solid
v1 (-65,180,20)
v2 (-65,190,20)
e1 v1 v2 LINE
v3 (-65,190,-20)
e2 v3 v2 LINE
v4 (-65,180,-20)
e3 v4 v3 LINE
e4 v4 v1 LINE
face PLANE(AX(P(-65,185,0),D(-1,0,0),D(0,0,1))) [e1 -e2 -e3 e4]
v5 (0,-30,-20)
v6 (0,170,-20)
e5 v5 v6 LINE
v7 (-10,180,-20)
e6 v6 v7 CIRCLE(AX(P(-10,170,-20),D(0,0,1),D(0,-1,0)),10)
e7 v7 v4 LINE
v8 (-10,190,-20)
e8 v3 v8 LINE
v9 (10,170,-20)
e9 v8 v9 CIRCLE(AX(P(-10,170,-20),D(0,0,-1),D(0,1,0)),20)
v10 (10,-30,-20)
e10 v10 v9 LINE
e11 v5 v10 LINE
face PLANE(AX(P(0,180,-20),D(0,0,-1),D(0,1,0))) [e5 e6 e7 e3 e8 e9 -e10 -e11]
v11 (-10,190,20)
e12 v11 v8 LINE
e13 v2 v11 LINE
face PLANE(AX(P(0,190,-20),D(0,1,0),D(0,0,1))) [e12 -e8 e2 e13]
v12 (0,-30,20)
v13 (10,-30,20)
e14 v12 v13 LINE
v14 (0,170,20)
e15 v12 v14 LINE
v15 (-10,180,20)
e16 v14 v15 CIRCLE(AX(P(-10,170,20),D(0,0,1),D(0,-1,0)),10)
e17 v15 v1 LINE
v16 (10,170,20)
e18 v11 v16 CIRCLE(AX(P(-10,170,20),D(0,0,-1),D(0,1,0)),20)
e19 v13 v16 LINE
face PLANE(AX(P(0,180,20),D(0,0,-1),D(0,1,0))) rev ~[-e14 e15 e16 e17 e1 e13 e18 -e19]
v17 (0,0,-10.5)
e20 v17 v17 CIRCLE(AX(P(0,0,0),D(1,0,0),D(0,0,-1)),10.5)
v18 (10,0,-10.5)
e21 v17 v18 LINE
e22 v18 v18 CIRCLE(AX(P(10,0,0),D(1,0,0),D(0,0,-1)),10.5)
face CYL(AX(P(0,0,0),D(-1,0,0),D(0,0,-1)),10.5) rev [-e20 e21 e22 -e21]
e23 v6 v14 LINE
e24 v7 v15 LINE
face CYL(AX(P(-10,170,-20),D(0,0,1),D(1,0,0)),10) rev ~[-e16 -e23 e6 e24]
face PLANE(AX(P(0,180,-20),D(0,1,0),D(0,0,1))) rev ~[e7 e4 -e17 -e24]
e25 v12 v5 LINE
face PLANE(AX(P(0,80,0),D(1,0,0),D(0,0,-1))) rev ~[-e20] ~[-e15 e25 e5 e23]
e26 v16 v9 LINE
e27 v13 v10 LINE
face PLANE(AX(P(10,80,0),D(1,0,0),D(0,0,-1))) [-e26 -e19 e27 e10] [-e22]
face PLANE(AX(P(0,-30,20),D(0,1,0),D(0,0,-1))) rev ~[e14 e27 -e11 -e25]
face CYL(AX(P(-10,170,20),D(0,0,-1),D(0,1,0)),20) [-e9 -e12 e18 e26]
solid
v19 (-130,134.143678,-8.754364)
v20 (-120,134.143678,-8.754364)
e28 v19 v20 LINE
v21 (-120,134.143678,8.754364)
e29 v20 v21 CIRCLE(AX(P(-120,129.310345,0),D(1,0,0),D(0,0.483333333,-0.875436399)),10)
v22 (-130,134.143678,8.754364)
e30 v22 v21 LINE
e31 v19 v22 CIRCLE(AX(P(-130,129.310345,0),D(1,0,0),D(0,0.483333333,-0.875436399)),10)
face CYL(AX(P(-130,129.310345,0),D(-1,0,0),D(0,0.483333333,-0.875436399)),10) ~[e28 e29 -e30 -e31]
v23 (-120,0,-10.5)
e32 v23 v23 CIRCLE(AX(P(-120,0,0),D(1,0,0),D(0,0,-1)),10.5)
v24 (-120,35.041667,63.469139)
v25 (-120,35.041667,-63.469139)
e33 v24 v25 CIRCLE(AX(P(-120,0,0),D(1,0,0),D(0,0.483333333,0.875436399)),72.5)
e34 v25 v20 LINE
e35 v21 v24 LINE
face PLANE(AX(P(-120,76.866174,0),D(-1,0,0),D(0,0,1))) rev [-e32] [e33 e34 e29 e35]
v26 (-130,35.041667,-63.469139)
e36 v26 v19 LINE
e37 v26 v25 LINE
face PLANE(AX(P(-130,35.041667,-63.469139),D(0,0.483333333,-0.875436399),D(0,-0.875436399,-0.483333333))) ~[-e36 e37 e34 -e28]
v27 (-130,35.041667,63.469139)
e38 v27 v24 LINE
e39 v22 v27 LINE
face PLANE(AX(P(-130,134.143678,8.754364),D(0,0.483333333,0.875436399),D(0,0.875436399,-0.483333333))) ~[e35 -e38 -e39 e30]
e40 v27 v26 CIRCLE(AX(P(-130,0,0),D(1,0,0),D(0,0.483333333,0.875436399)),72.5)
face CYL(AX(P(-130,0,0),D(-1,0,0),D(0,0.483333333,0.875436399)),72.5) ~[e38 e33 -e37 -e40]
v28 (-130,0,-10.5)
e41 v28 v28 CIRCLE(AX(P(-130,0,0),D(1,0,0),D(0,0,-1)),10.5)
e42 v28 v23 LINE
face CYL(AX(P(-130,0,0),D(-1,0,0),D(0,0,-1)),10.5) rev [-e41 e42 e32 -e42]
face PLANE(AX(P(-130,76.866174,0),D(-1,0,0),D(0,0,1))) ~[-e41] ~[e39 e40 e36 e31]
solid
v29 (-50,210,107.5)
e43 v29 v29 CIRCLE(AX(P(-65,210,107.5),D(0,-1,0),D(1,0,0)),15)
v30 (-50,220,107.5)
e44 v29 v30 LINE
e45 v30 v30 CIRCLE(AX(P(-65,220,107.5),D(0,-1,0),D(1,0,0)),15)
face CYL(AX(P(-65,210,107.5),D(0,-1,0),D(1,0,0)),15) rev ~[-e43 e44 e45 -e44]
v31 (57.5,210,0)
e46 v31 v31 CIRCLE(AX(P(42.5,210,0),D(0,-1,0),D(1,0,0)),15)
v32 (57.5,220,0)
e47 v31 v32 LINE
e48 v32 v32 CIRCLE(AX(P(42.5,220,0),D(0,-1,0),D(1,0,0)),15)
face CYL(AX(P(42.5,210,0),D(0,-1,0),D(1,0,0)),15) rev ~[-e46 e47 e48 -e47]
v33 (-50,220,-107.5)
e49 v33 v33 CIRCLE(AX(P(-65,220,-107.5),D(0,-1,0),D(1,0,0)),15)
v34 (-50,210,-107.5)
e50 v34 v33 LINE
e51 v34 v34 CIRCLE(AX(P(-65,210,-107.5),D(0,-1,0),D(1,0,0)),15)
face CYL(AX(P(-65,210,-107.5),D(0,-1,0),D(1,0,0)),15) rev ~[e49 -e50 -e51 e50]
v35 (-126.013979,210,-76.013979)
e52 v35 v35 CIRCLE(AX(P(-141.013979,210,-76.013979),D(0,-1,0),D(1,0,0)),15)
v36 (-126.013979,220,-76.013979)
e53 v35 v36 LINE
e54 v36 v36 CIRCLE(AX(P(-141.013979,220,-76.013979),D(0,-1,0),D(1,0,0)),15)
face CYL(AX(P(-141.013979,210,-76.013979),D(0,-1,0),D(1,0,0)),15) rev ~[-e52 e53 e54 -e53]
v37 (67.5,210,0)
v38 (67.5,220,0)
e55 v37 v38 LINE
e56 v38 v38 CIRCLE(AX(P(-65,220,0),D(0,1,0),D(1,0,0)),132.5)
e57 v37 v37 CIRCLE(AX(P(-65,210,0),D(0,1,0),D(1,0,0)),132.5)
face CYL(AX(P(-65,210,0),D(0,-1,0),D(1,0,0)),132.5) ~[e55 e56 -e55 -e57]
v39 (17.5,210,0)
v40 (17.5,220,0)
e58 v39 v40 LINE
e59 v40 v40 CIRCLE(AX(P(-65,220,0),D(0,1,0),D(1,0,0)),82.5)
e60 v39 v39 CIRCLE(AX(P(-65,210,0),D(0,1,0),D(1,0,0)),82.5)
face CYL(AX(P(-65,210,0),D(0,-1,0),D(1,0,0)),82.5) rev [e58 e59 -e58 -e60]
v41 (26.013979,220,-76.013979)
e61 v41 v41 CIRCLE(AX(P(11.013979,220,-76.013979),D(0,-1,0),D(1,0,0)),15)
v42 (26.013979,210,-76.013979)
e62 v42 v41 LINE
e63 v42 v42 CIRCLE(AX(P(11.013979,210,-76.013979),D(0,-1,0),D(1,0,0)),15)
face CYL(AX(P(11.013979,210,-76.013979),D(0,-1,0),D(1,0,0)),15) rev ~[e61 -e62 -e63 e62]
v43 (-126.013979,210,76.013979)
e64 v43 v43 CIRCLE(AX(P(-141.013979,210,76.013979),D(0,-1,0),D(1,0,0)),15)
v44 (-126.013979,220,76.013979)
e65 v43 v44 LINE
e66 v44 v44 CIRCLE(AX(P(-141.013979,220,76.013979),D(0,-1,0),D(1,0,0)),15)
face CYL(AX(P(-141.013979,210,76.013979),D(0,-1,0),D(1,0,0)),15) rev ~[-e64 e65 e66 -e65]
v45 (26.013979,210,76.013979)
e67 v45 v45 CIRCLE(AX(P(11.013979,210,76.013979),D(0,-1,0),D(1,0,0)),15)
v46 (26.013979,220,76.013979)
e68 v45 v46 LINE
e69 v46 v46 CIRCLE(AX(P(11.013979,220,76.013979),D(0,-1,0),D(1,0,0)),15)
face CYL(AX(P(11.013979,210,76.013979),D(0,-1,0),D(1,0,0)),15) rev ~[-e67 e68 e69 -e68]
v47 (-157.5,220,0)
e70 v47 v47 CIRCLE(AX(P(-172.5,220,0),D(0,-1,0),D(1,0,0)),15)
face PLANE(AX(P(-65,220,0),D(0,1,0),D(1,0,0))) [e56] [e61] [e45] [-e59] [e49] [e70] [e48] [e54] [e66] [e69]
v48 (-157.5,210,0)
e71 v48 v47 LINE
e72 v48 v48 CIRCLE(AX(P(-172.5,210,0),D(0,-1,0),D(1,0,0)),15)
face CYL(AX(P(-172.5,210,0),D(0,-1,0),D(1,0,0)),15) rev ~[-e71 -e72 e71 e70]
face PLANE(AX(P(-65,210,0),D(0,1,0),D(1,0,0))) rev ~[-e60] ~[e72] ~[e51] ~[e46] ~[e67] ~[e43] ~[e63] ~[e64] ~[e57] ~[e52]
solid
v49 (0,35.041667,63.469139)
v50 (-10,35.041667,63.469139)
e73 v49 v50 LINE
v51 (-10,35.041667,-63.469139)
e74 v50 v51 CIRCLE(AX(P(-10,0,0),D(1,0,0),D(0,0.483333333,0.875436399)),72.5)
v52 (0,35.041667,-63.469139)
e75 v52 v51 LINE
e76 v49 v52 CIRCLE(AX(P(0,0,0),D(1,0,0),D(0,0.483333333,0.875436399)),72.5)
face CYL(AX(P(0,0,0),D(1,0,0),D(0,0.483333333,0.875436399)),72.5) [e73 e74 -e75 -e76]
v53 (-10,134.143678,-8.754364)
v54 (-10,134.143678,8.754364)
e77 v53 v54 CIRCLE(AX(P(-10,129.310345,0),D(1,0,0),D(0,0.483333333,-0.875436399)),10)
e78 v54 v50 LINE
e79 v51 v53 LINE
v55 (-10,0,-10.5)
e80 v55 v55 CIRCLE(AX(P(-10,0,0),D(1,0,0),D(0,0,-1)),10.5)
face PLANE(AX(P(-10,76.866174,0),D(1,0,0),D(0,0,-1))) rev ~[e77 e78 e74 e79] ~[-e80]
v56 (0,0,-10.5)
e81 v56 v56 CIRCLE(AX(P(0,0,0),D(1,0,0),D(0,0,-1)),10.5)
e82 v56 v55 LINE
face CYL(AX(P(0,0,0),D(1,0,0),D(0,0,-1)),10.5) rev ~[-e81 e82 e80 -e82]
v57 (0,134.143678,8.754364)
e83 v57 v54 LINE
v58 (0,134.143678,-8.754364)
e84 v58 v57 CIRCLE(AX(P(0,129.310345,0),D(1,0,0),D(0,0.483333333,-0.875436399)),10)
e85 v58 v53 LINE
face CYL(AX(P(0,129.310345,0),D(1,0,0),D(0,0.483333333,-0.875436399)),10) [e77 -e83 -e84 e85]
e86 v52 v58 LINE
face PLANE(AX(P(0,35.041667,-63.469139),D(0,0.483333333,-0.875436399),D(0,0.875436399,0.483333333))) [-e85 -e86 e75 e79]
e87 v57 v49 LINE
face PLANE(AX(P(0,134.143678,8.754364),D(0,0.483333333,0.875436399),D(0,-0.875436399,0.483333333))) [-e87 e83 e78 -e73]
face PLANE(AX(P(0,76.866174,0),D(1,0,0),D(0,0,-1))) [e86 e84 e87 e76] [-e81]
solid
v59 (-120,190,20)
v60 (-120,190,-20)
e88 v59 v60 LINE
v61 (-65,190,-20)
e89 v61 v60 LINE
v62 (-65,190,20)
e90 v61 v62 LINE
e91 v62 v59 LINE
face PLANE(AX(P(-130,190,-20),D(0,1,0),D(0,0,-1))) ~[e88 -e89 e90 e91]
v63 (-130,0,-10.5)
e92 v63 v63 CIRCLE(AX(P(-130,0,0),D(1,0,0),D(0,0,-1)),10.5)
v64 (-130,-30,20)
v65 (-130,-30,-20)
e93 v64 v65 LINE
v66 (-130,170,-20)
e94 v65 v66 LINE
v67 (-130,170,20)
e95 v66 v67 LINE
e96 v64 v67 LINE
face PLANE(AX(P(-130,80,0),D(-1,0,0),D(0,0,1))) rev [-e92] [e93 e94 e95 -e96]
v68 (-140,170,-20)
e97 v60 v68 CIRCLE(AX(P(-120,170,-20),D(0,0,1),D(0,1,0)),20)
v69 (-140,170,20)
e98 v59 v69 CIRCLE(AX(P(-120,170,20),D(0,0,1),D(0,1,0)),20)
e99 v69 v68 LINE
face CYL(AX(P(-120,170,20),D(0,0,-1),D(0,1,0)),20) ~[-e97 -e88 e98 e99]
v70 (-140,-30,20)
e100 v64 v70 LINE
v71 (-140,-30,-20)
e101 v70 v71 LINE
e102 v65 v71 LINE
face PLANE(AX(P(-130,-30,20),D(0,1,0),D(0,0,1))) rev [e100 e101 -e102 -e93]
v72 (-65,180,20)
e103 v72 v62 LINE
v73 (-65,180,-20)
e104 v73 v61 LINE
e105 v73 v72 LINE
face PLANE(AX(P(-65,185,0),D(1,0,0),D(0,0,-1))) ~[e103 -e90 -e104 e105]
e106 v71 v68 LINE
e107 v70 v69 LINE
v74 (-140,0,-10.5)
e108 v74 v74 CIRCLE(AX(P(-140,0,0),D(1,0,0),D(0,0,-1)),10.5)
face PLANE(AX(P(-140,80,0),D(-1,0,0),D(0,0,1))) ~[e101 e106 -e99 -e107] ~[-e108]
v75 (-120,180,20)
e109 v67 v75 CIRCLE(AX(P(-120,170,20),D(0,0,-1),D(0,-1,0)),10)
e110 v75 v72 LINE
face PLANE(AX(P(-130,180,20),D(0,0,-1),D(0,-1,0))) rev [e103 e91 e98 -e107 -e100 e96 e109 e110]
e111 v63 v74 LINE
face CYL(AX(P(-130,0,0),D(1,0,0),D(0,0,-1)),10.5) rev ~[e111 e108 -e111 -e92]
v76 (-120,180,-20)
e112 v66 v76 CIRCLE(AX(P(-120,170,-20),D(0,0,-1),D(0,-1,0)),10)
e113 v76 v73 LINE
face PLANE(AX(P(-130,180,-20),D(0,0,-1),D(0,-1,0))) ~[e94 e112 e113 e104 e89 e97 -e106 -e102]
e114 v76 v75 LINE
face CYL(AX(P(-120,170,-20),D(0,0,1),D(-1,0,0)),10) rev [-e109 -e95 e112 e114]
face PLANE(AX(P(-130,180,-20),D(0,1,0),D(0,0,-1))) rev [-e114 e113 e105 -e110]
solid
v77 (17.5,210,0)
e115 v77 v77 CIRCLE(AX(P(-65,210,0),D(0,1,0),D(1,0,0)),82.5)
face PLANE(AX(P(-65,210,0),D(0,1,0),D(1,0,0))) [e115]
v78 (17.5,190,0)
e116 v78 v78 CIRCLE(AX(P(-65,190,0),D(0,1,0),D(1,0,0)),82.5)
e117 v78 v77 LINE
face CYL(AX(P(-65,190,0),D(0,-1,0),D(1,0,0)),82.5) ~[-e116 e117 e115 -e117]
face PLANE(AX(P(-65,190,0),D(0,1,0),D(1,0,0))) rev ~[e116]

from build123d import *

# Parameters (mm, degrees)
SKETCH1_R           = 72.5
SKETCH1_R_2         = 10.5
BOSS_EXTRUDE1_DEPTH = 10
SKETCH2_W           = 40
SKETCH2_H           = 220
SKETCH2_R           = 10.5
BOSS_EXTRUDE2_DEPTH = 10
SKETCH3_W           = 40
SKETCH3_H           = 10
BOSS_EXTRUDE3_DEPTH = 65
FILLET1_R           = 10
FILLET2_R           = 20
SKETCH4_R           = 82.5
BOSS_EXTRUDE4_DEPTH = 20
SKETCH5_R           = 132.5
SKETCH5_R_2         = 82.5
BOSS_EXTRUDE5_DEPTH = 10
SKETCH6_R           = 15
CUT_EXTRUDE1_DEPTH  = 11


with BuildPart() as part:
    # Sketch1 → Boss-Extrude1 (new body)
    with BuildSketch(Plane(origin=(0, 0, 0), x_dir=(0, 0, -1), z_dir=(1, 0, 0))):
        with BuildLine():
            Line((-8.754363991, 134.143678161), (-63.469138936, 35.041666667))
            ThreePointArc((-63.469138936, 35.041666667), (0, 72.5), (63.469138936, 35.041666667))
            Line((63.469138936, 35.041666667), (8.754363991, 134.143678161))
            ThreePointArc((8.754363991, 134.143678161), (0, 139.310344828), (-8.754363991, 134.143678161))
        make_face()
        Circle(SKETCH1_R)
        Circle(SKETCH1_R_2, mode=Mode.SUBTRACT)
    extrude(amount=-BOSS_EXTRUDE1_DEPTH)


with BuildPart() as body_2:
    # Sketch2 → Boss-Extrude2 (new body)
    with BuildSketch(Plane(origin=(0, 0, 0), x_dir=(0, 0, -1), z_dir=(1, 0, 0))):
        with Locations((0, 80)):
            Rectangle(SKETCH2_W, SKETCH2_H)
        Circle(SKETCH2_R, mode=Mode.SUBTRACT)
    extrude(amount=BOSS_EXTRUDE2_DEPTH)

    # Sketch3 → Boss-Extrude3 (add)
    with BuildSketch(Plane.ZY):
        with Locations((0, 185)):
            Rectangle(SKETCH3_W, SKETCH3_H)
    extrude(amount=BOSS_EXTRUDE3_DEPTH)

    # Fillet1
    fillet1_edges = [body_2.edges().sort_by_distance(p)[0] for p in [
        (0, 180, 0),
    ]]
    fillet(fillet1_edges, radius=FILLET1_R)

    # Fillet2
    fillet2_edges = [body_2.edges().sort_by_distance(p)[0] for p in [
        (10, 190, 0),
    ]]
    fillet(fillet2_edges, radius=FILLET2_R)


with BuildPart() as body_3:
    # Mirror1: mirrored copy
    add(part.part.mirror(Plane.ZY.offset(65)))


with BuildPart() as body_4:
    # Mirror1 2: mirrored copy
    add(body_2.part.mirror(Plane.ZY.offset(65)))


with BuildPart() as body_5:
    # Sketch4 → Boss-Extrude4 (new body)
    with BuildSketch(Plane(origin=(0, 190, 0), x_dir=(1, 0, 0), z_dir=(0, 1, 0))):
        with Locations((-65, 0)):
            Circle(SKETCH4_R)
    extrude(amount=BOSS_EXTRUDE4_DEPTH)


with BuildPart() as body_6:
    # Sketch5 → Boss-Extrude5 (new body)
    with BuildSketch(Plane(origin=(0, 210, 0), x_dir=(1, 0, 0), z_dir=(0, 1, 0))):
        with Locations((-65, 0)):
            Circle(SKETCH5_R)
        with Locations((-65, 0)):
            Circle(SKETCH5_R_2, mode=Mode.SUBTRACT)
    extrude(amount=BOSS_EXTRUDE5_DEPTH)

    # Sketch6 → Cut-Extrude1 (cut, through all)
    with BuildSketch(Plane.XZ.offset(-210)):
        with Locations((-65, 107.5)):
            Circle(SKETCH6_R)
        with Locations((11.013978978, 76.013978978)):
            Circle(SKETCH6_R)
        with Locations((42.5, 0)):
            Circle(SKETCH6_R)
        with Locations((11.013978978, -76.013978978)):
            Circle(SKETCH6_R)
        with Locations((-65, -107.5)):
            Circle(SKETCH6_R)
        with Locations((-141.013978978, -76.013978978)):
            Circle(SKETCH6_R)
        with Locations((-172.5, 0)):
            Circle(SKETCH6_R)
        with Locations((-141.013978978, 76.013978978)):
            Circle(SKETCH6_R)
    extrude(amount=-CUT_EXTRUDE1_DEPTH, mode=Mode.SUBTRACT)


solid = Compound([part.part, body_2.part, body_3.part, body_4.part, body_5.part, body_6.part])
